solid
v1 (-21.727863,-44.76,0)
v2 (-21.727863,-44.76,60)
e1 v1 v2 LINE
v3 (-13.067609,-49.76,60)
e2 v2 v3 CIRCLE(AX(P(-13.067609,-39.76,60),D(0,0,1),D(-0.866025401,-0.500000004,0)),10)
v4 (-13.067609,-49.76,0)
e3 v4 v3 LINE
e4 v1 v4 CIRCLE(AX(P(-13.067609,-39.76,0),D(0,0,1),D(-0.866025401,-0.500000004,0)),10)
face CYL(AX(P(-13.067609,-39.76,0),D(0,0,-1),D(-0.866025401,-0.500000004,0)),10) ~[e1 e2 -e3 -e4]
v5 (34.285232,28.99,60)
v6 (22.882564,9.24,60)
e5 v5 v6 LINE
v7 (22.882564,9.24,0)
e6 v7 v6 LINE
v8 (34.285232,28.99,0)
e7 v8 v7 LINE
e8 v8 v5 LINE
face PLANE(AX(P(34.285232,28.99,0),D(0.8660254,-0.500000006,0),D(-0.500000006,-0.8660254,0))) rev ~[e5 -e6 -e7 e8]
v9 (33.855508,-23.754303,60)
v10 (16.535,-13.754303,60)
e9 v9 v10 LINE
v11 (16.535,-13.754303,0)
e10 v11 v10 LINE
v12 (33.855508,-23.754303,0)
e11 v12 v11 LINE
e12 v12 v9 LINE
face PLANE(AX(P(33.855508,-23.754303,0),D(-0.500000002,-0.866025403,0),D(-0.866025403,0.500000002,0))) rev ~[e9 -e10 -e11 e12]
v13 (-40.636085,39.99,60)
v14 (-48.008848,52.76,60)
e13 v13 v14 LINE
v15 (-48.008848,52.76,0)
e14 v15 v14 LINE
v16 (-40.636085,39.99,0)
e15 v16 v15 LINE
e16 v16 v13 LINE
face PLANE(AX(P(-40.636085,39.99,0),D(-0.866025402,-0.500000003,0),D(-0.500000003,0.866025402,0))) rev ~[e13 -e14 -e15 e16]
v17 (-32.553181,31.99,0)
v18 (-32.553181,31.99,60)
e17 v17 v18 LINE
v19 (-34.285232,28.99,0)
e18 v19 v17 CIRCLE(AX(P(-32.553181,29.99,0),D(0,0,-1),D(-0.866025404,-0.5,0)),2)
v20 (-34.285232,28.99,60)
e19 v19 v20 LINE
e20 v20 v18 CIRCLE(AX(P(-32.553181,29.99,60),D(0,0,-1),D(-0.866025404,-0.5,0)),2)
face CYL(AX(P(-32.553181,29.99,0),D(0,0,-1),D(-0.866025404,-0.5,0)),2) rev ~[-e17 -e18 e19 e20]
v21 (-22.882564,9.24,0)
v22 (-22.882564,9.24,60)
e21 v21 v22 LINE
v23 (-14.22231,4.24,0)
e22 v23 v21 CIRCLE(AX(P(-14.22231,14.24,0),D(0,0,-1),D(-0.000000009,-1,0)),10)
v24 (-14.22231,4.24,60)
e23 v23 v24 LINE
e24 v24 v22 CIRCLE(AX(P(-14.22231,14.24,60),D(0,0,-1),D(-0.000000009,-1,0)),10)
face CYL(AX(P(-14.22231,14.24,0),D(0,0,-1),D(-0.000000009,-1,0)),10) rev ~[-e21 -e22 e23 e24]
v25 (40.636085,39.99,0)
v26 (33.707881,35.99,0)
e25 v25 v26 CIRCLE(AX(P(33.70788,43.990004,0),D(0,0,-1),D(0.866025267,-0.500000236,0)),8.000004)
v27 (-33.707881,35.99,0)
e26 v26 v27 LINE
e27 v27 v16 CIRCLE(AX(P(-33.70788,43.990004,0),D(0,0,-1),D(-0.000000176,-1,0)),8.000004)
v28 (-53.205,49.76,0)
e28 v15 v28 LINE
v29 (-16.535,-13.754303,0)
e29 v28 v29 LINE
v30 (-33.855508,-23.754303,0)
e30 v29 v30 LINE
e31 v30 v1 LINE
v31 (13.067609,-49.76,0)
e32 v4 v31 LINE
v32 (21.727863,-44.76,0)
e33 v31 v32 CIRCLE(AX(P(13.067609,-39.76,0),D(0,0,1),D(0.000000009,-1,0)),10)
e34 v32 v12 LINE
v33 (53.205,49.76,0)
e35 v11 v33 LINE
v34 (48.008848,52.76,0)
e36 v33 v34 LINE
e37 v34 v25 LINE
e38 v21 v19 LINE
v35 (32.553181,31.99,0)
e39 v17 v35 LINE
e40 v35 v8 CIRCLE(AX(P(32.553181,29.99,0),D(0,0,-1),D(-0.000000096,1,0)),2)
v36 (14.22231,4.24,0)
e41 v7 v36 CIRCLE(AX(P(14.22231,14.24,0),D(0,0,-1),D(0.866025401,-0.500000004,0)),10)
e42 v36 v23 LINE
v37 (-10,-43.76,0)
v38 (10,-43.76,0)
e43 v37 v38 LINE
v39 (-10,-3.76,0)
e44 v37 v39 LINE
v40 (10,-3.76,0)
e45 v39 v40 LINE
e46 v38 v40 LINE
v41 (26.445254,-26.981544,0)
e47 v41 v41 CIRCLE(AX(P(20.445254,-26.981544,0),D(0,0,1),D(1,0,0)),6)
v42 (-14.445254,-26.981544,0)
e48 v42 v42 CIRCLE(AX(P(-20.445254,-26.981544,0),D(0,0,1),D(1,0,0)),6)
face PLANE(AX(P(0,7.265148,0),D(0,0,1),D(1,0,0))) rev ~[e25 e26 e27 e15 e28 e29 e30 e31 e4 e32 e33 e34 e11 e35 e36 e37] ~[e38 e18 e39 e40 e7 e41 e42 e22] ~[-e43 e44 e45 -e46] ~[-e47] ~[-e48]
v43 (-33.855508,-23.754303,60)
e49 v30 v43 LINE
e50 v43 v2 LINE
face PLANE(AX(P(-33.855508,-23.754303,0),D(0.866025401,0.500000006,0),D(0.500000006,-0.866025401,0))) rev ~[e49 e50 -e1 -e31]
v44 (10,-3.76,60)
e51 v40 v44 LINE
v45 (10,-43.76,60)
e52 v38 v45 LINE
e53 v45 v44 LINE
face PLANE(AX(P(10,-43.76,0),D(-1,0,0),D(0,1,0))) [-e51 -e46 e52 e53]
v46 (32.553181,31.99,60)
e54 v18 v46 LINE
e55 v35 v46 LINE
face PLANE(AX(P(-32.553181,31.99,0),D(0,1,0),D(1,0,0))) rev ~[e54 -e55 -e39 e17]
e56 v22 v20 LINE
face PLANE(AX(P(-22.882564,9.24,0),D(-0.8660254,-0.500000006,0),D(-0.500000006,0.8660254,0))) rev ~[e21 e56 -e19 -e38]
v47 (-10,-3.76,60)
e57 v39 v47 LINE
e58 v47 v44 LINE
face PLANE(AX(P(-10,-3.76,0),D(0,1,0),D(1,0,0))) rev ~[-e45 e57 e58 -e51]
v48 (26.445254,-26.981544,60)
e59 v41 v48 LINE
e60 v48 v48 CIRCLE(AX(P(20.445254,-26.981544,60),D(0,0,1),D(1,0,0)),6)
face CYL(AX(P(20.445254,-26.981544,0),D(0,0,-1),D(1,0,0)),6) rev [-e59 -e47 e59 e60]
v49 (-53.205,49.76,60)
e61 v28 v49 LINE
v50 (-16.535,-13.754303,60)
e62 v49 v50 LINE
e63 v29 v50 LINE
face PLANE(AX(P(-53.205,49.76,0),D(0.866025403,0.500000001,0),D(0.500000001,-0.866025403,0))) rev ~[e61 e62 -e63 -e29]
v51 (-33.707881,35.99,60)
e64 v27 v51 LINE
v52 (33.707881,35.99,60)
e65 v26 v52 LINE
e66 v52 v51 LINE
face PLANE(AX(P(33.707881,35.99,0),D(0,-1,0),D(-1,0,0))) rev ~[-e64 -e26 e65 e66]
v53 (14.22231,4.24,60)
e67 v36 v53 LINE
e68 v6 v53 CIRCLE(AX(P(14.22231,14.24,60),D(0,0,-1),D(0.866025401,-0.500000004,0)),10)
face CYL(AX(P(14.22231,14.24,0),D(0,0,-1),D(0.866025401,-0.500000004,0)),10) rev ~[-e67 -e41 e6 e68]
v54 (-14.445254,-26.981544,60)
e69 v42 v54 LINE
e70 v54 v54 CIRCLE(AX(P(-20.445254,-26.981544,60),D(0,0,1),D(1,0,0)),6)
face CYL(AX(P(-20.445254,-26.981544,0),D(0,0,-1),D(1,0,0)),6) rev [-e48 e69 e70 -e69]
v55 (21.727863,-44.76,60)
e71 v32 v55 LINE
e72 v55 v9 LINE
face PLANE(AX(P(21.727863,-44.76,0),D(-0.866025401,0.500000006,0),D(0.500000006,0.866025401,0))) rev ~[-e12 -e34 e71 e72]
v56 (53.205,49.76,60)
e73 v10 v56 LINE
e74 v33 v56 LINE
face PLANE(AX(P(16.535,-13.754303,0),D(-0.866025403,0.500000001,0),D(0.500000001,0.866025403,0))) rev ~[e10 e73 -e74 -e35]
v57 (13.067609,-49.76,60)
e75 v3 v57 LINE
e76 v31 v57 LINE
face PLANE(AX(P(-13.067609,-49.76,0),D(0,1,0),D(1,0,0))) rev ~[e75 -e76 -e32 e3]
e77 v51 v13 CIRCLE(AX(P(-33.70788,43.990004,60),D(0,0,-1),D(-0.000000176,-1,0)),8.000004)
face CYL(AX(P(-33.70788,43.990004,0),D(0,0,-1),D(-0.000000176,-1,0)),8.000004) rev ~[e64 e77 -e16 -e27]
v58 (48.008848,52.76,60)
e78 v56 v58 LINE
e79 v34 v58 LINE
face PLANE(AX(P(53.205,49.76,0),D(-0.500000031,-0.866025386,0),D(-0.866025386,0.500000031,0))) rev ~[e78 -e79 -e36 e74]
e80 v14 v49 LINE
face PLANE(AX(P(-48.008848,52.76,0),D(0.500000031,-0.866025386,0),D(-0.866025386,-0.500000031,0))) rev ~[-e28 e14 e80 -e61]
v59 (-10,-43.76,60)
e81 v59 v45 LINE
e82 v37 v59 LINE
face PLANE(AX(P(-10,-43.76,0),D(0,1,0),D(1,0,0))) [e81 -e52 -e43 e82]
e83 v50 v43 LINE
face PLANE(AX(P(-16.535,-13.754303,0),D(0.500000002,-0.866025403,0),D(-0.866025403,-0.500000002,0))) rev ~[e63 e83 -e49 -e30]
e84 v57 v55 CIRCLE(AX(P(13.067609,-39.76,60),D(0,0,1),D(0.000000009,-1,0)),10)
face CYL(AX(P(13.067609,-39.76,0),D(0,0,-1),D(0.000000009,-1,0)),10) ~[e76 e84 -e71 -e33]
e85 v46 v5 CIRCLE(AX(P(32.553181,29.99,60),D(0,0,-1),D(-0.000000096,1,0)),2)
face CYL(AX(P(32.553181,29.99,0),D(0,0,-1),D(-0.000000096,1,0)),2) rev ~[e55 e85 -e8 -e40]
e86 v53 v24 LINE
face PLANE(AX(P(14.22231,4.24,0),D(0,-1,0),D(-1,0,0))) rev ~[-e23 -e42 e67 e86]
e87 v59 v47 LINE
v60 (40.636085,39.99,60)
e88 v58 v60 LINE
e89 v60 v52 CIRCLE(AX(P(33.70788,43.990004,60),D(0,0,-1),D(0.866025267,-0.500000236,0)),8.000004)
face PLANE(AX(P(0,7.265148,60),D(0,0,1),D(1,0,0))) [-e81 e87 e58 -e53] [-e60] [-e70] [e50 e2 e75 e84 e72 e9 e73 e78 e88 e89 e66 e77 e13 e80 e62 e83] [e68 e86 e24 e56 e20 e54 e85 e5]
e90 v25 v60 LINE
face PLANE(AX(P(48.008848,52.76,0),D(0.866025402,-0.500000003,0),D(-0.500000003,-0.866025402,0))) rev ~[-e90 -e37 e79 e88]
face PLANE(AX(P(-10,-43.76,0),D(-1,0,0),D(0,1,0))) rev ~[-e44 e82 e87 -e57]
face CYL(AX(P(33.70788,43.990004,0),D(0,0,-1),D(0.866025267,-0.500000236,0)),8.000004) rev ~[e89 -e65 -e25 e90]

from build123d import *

# Parameters (mm, degrees)
F0_R     = 6
F0_W     = 20
F0_H     = 40
F1_DEPTH = 60


with BuildPart() as f1:
    # F0 (on Top) → F1 (new body)
    with BuildSketch(Plane.XY):
        with BuildLine():
            Line((-48.008848, 52.76), (-53.205, 49.76))
            Line((-53.205, 49.76), (-16.535, -13.754303))
            Line((-16.535, -13.754303), (-33.855508, -23.754303))
            Line((-33.855508, -23.754303), (-21.727863, -44.76))
            ThreePointArc((-21.727863, -44.76), (-18.067609, -48.420254), (-13.067609, -49.76))
            Line((-13.067609, -49.76), (13.067609, -49.76))
            ThreePointArc((13.067609, -49.76), (18.067609, -48.420254), (21.727863, -44.76))
            Line((21.727863, -44.76), (33.855508, -23.754303))
            Line((33.855508, -23.754303), (16.535, -13.754303))
            Line((16.535, -13.754303), (53.205, 49.76))
            Line((53.205, 49.76), (48.008848, 52.76))
            Line((48.008848, 52.76), (40.636085, 39.99))
            ThreePointArc((40.636085, 39.99), (37.707881, 37.061797), (33.707881, 35.99))
            Line((33.707881, 35.99), (-33.707881, 35.99))
            ThreePointArc((-33.707881, 35.99), (-37.707881, 37.061797), (-40.636085, 39.99))
            Line((-40.636085, 39.99), (-48.008848, 52.76))
        make_face()
        with Locations((-20.445254, -26.981544)):
            Circle(F0_R, mode=Mode.SUBTRACT)
        with Locations((20.445254, -26.981544)):
            Circle(F0_R, mode=Mode.SUBTRACT)
        with Locations((0, -23.76)):
            Rectangle(F0_W, F0_H, mode=Mode.SUBTRACT)
        with BuildLine():
            ThreePointArc((22.882564, 9.24), (19.22231, 5.579746), (14.22231, 4.24))
            Line((14.22231, 4.24), (-14.22231, 4.24))
            ThreePointArc((-14.22231, 4.24), (-19.22231, 5.579746), (-22.882564, 9.24))
            Line((-22.882564, 9.24), (-34.285232, 28.99))
            ThreePointArc((-34.285232, 28.99), (-34.285232, 30.99), (-32.553181, 31.99))
            Line((-32.553181, 31.99), (32.553181, 31.99))
            ThreePointArc((32.553181, 31.99), (34.285232, 30.99), (34.285232, 28.99))
            Line((34.285232, 28.99), (22.882564, 9.24))
        make_face(mode=Mode.SUBTRACT)
    extrude(amount=F1_DEPTH)


solid = f1.part
